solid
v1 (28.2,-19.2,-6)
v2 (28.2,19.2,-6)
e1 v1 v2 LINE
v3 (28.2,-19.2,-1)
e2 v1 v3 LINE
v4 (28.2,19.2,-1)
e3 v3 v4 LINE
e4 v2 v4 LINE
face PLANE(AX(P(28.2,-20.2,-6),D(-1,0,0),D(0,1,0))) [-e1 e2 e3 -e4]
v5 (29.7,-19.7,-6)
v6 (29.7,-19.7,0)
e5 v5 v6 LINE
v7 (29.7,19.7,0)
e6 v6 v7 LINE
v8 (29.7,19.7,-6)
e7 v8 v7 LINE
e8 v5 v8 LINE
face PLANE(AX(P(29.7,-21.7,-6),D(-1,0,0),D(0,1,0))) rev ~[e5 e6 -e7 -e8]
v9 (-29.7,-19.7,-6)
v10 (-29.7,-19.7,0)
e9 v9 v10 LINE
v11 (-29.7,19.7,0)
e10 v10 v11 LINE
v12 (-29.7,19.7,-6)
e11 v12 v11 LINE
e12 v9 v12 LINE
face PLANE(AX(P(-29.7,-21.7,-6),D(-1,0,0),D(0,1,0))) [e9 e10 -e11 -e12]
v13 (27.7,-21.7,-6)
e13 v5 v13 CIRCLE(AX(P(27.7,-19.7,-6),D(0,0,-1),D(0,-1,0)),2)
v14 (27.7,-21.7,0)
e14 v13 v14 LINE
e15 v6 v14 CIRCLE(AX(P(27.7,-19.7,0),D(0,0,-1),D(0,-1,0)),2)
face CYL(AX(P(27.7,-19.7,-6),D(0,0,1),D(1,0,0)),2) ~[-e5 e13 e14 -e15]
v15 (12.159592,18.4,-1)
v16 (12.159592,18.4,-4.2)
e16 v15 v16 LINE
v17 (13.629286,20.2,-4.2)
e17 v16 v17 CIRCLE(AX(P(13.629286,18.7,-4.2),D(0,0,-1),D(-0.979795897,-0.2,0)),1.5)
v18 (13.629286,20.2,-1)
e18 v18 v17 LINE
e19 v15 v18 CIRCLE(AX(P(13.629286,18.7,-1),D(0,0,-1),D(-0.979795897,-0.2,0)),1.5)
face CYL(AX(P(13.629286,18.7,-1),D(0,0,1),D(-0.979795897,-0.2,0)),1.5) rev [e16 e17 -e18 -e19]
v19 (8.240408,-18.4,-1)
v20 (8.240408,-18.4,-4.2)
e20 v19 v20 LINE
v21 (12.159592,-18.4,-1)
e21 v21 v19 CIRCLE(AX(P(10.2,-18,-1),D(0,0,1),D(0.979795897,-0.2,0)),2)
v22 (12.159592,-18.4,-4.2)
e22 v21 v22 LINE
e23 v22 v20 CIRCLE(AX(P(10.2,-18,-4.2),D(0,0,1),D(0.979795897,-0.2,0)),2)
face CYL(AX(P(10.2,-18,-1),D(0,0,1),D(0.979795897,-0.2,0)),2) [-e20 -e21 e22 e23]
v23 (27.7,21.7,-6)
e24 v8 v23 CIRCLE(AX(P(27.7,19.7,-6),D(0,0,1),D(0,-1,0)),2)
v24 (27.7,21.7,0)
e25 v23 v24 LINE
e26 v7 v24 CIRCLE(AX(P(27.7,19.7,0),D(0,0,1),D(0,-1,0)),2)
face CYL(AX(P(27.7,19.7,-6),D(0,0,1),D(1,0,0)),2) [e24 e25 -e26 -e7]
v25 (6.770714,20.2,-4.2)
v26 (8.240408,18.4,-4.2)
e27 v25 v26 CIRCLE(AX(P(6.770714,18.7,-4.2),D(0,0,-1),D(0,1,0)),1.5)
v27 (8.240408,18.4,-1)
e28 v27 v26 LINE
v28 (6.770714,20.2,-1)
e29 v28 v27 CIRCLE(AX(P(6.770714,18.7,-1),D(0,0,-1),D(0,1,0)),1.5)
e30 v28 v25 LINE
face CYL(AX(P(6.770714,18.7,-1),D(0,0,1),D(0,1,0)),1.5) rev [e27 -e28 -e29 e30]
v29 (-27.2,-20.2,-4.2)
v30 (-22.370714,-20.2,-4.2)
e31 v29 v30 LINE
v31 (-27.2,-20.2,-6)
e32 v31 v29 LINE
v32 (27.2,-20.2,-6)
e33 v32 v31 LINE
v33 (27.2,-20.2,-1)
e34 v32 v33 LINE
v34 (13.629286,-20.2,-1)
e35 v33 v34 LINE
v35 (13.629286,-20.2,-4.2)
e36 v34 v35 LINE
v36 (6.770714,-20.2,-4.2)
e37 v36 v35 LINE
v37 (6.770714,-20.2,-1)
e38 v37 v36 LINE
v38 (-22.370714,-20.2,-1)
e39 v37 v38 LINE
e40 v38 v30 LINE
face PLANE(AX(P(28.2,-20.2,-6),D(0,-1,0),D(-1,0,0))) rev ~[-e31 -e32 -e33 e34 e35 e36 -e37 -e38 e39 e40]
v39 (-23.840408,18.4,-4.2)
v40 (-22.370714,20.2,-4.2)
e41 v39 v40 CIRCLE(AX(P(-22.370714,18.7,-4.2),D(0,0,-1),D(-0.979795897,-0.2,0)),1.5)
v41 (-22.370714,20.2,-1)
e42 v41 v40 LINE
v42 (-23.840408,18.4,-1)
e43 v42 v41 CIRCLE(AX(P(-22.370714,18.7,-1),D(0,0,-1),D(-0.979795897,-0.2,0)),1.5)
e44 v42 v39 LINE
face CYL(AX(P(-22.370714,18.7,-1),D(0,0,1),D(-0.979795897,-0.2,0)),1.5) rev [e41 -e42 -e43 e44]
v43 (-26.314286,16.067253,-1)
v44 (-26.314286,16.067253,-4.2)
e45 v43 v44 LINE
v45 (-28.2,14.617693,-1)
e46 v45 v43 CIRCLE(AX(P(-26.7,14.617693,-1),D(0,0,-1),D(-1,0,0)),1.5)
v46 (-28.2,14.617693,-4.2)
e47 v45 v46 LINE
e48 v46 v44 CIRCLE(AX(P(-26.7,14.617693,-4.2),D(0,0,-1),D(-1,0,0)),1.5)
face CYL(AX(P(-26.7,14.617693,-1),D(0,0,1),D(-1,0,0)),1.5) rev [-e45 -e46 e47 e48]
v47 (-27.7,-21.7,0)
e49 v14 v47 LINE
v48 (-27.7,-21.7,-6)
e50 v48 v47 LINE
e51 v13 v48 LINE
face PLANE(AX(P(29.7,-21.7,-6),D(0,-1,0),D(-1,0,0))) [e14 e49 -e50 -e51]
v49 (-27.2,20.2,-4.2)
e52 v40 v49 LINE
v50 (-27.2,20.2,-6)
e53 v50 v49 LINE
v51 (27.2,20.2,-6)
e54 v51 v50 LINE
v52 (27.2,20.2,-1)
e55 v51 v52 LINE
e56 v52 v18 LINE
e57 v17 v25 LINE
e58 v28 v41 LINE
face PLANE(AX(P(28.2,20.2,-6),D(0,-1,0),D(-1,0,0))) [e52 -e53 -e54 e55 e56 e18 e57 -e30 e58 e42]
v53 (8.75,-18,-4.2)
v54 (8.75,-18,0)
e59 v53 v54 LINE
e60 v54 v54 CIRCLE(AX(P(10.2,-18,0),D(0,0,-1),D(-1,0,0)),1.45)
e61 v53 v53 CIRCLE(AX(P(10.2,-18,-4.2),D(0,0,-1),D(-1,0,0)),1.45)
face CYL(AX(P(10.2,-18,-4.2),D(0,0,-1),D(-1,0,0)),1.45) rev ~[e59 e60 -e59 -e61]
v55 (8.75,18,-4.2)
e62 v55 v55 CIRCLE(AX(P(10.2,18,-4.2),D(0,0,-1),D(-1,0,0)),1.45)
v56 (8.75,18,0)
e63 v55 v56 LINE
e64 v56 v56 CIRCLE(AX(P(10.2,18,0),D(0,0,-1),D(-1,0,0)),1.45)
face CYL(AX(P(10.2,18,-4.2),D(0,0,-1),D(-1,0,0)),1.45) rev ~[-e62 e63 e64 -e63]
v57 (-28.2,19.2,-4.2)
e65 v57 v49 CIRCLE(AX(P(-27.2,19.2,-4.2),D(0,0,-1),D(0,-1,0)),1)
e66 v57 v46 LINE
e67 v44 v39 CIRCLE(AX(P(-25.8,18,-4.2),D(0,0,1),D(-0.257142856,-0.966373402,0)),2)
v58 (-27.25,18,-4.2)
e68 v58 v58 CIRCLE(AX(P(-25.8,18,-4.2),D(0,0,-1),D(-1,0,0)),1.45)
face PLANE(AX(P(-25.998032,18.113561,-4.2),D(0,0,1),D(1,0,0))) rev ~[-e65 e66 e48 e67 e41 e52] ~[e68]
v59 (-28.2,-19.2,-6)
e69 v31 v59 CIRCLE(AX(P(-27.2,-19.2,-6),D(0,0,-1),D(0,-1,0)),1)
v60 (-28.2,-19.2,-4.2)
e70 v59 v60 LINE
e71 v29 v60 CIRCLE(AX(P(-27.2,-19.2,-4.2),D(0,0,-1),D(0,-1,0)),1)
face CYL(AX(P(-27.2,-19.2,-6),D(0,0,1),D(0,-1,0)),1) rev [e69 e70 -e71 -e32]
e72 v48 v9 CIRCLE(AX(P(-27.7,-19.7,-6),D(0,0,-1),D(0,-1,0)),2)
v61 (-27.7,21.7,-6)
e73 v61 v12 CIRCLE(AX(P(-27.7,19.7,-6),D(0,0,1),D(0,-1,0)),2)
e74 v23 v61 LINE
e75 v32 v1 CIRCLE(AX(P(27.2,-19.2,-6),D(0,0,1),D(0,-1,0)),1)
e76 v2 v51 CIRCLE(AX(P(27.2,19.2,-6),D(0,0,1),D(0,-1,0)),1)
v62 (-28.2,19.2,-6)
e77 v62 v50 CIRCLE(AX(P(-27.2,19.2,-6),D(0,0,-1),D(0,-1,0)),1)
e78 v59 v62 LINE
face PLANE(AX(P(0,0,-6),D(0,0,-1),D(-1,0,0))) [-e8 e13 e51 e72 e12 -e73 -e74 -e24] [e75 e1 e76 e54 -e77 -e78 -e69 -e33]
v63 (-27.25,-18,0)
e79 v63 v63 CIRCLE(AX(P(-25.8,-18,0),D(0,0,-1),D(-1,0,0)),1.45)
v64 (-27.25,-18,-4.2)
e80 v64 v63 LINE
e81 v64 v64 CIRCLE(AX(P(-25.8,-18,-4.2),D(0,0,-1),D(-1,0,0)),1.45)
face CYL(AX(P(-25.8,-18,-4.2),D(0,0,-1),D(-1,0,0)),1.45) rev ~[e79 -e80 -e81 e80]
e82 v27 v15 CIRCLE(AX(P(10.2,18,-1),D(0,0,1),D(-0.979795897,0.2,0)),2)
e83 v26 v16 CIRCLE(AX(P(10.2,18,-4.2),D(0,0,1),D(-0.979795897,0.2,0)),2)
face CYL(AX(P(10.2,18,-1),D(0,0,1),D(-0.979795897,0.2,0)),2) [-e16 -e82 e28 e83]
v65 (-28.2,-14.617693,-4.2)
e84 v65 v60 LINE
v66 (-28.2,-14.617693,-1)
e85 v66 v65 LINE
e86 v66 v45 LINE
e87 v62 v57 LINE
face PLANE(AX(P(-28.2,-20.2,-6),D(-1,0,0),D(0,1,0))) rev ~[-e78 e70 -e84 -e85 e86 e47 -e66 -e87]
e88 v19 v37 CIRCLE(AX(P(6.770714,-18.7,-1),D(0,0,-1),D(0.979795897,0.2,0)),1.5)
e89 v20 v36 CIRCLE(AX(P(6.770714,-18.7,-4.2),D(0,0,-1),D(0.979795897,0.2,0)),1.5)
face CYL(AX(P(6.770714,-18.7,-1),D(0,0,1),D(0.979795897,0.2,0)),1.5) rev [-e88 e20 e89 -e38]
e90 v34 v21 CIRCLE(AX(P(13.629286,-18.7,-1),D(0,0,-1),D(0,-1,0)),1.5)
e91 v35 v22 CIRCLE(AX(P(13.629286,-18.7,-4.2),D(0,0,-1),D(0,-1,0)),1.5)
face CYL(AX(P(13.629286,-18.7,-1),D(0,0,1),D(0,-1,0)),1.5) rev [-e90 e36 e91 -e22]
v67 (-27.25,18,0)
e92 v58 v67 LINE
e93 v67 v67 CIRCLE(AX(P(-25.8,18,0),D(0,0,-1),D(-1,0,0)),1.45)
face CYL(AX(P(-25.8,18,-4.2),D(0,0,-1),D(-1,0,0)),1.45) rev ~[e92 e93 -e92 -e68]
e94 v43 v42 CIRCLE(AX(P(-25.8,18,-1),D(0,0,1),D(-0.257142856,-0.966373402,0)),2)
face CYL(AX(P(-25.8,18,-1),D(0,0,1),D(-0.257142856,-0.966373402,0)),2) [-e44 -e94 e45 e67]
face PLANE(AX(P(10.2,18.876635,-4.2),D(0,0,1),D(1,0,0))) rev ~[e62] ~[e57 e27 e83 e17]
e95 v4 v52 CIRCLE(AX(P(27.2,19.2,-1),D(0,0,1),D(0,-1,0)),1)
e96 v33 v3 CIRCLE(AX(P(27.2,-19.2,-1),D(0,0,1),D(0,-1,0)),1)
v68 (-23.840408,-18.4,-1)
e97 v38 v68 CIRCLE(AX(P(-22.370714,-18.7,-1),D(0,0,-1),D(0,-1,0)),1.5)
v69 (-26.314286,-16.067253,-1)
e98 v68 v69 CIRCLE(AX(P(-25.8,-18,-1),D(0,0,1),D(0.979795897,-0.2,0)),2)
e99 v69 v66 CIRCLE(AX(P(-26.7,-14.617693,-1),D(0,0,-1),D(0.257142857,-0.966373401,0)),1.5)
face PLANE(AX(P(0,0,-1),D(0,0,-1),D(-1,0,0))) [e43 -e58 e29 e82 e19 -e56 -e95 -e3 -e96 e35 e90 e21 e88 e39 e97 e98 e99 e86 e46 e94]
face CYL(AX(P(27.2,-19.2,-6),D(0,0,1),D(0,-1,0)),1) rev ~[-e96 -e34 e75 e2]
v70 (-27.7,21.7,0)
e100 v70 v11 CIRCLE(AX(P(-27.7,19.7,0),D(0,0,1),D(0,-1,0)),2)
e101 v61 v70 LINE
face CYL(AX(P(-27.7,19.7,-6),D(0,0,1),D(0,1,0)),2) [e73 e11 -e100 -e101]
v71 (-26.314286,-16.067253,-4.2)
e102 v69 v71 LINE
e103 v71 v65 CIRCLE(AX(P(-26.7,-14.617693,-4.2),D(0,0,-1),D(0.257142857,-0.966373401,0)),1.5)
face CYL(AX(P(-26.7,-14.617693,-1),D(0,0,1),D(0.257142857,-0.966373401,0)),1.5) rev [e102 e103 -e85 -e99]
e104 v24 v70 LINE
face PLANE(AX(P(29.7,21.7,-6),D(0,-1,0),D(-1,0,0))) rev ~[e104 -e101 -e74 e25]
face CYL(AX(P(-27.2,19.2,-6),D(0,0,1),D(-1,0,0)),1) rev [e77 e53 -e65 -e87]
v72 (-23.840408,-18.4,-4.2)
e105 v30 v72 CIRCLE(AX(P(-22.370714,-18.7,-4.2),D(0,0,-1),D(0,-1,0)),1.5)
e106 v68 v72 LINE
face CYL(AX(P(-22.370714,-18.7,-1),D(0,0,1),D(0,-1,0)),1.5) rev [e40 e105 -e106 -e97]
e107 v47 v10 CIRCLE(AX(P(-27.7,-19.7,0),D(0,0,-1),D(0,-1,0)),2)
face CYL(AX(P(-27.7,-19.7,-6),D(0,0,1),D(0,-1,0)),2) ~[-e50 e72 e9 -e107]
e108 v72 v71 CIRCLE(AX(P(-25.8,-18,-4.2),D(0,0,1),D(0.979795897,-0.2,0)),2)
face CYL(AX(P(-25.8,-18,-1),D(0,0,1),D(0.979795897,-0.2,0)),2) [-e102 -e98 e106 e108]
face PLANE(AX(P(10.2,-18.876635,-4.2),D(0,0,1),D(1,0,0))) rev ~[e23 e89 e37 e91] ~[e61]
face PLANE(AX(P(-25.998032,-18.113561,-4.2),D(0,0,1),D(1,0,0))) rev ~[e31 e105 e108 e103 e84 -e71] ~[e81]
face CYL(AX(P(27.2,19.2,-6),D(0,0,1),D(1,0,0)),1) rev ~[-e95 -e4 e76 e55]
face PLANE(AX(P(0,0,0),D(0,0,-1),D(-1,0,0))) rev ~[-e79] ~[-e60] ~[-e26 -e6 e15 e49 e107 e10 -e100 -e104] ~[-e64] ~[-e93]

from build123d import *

# Parameters (mm, degrees)
SKETCH_1_W          = 59.4
SKETCH_1_H          = 43.4
EXTRUDE_1_DEPTH     = 6
SKETCH_2_W          = 56.4
SKETCH_2_H          = 40.4
CUT_EXTRUDE_1_DEPTH = 5
EXTRUDE_2_DEPTH     = 3.2
EXTRUDE_3_DEPTH     = 3.2
EXTRUDE_4_DEPTH     = 3.2
EXTRUDE_5_DEPTH     = 3.2
FILLET_1_R          = 1
FILLET_2_R          = 2
SKETCH_7_R          = 1.45
CUT_EXTRUDE_2_DEPTH = 20


with BuildPart() as part:
    # 草图1 → 凸台-拉伸1 (new body)
    with BuildSketch(Plane(origin=(0, 0, -6), x_dir=(-1, 0, 0), z_dir=(0, 0, -1))):
        Rectangle(SKETCH_1_W, SKETCH_1_H)
    extrude(amount=-EXTRUDE_1_DEPTH)

    # 草图2 → 切除-拉伸1 (cut)
    with BuildSketch(Plane(origin=(0, 0, -6), x_dir=(-1, 0, 0), z_dir=(0, 0, -1))):
        Rectangle(SKETCH_2_W, SKETCH_2_H)
    extrude(amount=-CUT_EXTRUDE_1_DEPTH, mode=Mode.SUBTRACT)

    # 草图3 → 凸台-拉伸2 (add)
    with BuildSketch(Plane(origin=(0, 0, -1), x_dir=(-1, 0, 0), z_dir=(0, 0, -1))):
        with BuildLine():
            Line((-13.62928564, 20.2), (-6.77071436, 20.2))
            ThreePointArc((-6.77071436, 20.2), (-7.932609364, 19.648683298), (-8.240408206, 18.4))
            ThreePointArc((-8.240408206, 18.4), (-10.2, 16), (-12.159591794, 18.4))
            ThreePointArc((-12.159591794, 18.4), (-12.467390636, 19.648683298), (-13.62928564, 20.2))
        make_face()
    extrude(amount=EXTRUDE_2_DEPTH)

    # 草图4 → 凸台-拉伸3 (add)
    with BuildSketch(Plane(origin=(0, 0, -1), x_dir=(-1, 0, 0), z_dir=(0, 0, -1))):
        with BuildLine():
            Line((22.37071436, 20.2), (28.2, 20.2))
            Line((28.2, 20.2), (28.2, 14.617693095))
            ThreePointArc((28.2, 14.617693095), (27.6141741, 15.806930546), (26.314285714, 16.067253197))
            ThreePointArc((26.314285714, 16.067253197), (24.427901488, 16.544889808), (23.840408206, 18.4))
            ThreePointArc((23.840408206, 18.4), (23.532609364, 19.648683298), (22.37071436, 20.2))
        make_face()
    extrude(amount=EXTRUDE_3_DEPTH)

    # 草图5 → 凸台-拉伸4 (add)
    with BuildSketch(Plane(origin=(0, 0, -1), x_dir=(-1, 0, 0), z_dir=(0, 0, -1))):
        with BuildLine():
            Line((28.2, -14.617693095), (28.2, -20.2))
            Line((28.2, -20.2), (22.37071436, -20.2))
            ThreePointArc((22.37071436, -20.2), (23.532609364, -19.648683298), (23.840408206, -18.4))
            ThreePointArc((23.840408206, -18.4), (24.427901488, -16.544889808), (26.314285714, -16.067253197))
            ThreePointArc((26.314285714, -16.067253197), (27.6141741, -15.806930546), (28.2, -14.617693095))
        make_face()
    extrude(amount=EXTRUDE_4_DEPTH)

    # 草图6 → 凸台-拉伸5 (add)
    with BuildSketch(Plane(origin=(0, 0, -1), x_dir=(-1, 0, 0), z_dir=(0, 0, -1))):
        with BuildLine():
            Line((-6.77071436, -20.2), (-13.62928564, -20.2))
            ThreePointArc((-13.62928564, -20.2), (-12.467390636, -19.648683298), (-12.159591794, -18.4))
            ThreePointArc((-12.159591794, -18.4), (-10.2, -16), (-8.240408206, -18.4))
            ThreePointArc((-8.240408206, -18.4), (-7.932609364, -19.648683298), (-6.77071436, -20.2))
        make_face()
    extrude(amount=EXTRUDE_5_DEPTH)

    # 圆角1
    fillet_1_edges = [part.edges().sort_by_distance(p)[0] for p in [
        (28.2, -20.2, -3.5),
        (28.2, 20.2, -3.5),
        (-28.2, 20.2, -5.1),
        (-28.2, -20.2, -5.1),
    ]]
    fillet(fillet_1_edges, radius=FILLET_1_R)

    # 圆角2
    fillet_2_edges = [part.edges().sort_by_distance(p)[0] for p in [
        (-29.7, 21.7, -3),
        (-29.7, -21.7, -3),
        (29.7, -21.7, -3),
        (29.7, 21.7, -3),
    ]]
    fillet(fillet_2_edges, radius=FILLET_2_R)

    # 草图7 → 切除-拉伸2 (cut)
    with BuildSketch(Plane(origin=(0, 0, -4.2), x_dir=(-1, 0, 0), z_dir=(0, 0, -1))):
        with Locations((-10.2, 18)):
            Circle(SKETCH_7_R)
        with Locations((-10.2, -18)):
            Circle(SKETCH_7_R)
        with Locations((25.8, 18)):
            Circle(SKETCH_7_R)
        with Locations((25.8, -18)):
            Circle(SKETCH_7_R)
    extrude(amount=-CUT_EXTRUDE_2_DEPTH, mode=Mode.SUBTRACT)


solid = part.part
